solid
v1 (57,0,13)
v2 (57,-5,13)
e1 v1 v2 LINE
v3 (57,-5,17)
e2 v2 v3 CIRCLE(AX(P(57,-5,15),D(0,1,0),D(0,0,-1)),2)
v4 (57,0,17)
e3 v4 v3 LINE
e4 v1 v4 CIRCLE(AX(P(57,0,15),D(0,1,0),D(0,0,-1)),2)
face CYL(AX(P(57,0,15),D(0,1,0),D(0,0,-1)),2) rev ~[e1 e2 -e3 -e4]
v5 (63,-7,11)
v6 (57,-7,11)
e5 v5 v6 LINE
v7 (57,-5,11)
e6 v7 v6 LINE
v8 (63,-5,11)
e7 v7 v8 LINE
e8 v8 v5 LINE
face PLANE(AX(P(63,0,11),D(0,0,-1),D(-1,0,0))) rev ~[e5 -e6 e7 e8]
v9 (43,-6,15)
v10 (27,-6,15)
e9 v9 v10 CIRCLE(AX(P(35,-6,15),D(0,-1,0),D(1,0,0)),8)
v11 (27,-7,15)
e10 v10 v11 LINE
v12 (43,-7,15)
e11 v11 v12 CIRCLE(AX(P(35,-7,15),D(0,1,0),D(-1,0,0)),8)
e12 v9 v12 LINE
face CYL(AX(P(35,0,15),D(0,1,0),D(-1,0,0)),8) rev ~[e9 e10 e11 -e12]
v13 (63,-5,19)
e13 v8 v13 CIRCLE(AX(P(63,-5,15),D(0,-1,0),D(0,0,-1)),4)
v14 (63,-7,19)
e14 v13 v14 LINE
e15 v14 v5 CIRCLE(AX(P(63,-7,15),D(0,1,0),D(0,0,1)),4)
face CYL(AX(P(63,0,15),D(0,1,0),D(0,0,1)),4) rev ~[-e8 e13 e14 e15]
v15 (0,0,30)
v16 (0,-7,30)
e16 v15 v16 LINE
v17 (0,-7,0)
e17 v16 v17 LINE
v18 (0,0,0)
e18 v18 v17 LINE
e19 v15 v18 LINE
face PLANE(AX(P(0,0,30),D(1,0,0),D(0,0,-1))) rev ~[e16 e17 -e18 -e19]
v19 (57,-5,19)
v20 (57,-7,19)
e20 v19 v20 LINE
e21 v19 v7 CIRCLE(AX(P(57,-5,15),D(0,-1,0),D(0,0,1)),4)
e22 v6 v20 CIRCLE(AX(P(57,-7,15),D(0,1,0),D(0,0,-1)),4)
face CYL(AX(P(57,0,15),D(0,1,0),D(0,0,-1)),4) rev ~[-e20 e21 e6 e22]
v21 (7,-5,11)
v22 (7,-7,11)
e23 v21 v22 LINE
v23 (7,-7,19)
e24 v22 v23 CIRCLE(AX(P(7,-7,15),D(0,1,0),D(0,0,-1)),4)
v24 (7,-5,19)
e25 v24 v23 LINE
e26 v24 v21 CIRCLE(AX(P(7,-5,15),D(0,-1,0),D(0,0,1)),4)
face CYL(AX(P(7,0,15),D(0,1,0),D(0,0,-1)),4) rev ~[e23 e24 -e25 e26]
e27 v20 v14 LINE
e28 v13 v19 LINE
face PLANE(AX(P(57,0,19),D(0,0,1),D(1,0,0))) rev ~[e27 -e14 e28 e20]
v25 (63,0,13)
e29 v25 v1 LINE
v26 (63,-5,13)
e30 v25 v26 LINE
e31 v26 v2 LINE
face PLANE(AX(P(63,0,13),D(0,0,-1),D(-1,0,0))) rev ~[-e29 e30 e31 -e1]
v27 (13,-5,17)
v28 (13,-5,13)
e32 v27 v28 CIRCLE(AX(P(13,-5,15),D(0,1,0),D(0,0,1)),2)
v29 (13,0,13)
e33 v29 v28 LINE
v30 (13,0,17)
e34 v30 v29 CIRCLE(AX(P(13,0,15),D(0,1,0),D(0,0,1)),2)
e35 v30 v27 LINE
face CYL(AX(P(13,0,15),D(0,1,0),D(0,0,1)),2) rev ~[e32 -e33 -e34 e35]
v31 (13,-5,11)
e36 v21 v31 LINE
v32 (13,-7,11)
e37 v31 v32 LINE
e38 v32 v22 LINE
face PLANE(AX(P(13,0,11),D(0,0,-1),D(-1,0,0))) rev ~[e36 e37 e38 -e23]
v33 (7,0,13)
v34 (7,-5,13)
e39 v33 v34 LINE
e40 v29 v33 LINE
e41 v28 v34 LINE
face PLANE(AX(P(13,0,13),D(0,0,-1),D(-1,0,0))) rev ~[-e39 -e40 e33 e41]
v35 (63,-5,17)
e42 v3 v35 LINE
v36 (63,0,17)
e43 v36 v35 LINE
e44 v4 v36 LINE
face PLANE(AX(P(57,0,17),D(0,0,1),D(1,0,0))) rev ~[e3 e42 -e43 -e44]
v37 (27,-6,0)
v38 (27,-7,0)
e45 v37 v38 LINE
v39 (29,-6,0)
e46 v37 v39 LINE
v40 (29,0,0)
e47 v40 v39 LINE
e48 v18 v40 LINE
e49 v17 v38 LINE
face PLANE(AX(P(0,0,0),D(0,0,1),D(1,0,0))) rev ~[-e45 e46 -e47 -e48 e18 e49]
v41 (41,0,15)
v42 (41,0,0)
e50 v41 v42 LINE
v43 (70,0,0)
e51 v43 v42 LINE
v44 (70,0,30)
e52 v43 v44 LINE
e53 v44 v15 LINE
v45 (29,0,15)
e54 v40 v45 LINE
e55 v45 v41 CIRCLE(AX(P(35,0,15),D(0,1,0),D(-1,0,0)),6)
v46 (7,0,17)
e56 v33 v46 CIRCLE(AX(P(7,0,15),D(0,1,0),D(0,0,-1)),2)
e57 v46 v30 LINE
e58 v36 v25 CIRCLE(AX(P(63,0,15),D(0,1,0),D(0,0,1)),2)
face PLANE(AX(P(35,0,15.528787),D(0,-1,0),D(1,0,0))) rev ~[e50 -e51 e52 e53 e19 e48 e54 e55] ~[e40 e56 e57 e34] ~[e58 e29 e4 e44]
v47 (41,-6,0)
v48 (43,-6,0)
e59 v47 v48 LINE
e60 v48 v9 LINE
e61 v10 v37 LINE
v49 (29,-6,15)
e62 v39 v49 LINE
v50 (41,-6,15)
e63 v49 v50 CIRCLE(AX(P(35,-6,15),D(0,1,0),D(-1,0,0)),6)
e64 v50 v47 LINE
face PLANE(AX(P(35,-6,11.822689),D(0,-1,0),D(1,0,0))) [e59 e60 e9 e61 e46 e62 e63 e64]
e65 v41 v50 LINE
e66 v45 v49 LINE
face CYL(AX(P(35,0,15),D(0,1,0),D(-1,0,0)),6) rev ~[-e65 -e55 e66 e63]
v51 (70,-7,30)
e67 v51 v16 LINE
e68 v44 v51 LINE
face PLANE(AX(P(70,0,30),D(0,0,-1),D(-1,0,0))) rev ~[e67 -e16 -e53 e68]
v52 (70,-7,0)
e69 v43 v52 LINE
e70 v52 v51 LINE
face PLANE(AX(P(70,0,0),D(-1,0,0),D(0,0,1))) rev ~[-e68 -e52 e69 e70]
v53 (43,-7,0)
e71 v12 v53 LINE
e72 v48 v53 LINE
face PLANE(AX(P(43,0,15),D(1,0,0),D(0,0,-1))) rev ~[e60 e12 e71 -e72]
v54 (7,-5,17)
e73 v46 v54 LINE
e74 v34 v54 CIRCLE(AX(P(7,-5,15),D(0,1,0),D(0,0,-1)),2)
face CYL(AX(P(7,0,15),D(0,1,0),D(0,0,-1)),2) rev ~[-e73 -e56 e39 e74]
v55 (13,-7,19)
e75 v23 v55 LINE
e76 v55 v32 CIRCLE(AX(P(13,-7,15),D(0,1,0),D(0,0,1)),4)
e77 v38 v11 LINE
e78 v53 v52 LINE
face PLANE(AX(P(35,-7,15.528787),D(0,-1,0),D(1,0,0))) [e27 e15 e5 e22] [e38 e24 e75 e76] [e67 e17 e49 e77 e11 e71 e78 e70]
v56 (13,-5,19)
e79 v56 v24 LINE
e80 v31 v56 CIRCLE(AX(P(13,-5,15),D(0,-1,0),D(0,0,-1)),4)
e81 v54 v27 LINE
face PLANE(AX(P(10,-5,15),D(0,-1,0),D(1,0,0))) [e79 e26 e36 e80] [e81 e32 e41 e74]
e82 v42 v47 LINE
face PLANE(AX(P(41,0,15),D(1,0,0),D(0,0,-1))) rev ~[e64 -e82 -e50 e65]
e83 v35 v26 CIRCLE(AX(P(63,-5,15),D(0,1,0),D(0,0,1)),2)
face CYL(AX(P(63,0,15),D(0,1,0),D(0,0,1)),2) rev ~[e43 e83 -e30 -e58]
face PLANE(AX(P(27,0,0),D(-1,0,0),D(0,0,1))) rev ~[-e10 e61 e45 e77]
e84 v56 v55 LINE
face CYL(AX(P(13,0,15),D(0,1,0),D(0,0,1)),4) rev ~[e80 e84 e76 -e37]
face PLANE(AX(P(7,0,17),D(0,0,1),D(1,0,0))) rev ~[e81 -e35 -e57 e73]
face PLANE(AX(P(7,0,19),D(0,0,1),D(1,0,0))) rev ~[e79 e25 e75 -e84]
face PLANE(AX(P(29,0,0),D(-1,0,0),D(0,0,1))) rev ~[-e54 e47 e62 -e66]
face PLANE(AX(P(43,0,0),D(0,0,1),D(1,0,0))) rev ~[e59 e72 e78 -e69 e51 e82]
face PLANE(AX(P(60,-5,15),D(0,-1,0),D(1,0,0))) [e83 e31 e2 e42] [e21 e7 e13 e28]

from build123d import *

# Parameters (mm, degrees)
F1_DEPTH = 5
F2_DEPTH = 6
F3_DEPTH = 7
F4_DEPTH = 7


with BuildPart() as f1:
    # F0 (on Front) → F1 (new body)
    with BuildSketch(Plane.XZ):
        with BuildLine():
            Line((7, 11), (13, 11))
            ThreePointArc((13, 11), (17, 15), (13, 19))
            Line((13, 19), (7, 19))
            ThreePointArc((7, 19), (3, 15), (7, 11))
        make_face()
        with BuildLine():
            ThreePointArc((7, 13), (5, 15), (7, 17))
            Line((7, 17), (13, 17))
            ThreePointArc((13, 17), (15, 15), (13, 13))
            Line((13, 13), (7, 13))
        make_face(mode=Mode.SUBTRACT)
    extrude(amount=F1_DEPTH)



with BuildPart() as f1b:
    # F0 (on Front) → F1, piece 2 (new body)
    with BuildSketch(Plane.XZ):
        with BuildLine():
            ThreePointArc((63, 11), (67, 15), (63, 19))
            Line((63, 19), (57, 19))
            ThreePointArc((57, 19), (53, 15), (57, 11))
            Line((57, 11), (63, 11))
        make_face()
        with BuildLine():
            Line((57, 17), (63, 17))
            ThreePointArc((63, 17), (65, 15), (63, 13))
            Line((63, 13), (57, 13))
            ThreePointArc((57, 13), (55, 15), (57, 17))
        make_face(mode=Mode.SUBTRACT)
    extrude(amount=F1_DEPTH)


with BuildPart() as f2:
    # F0 (on Front) → F2 (new body)
    with BuildSketch(Plane.XZ):
        with BuildLine():
            Line((27, 15), (27, 0))
            Line((27, 0), (29, 0))
            Line((29, 0), (29, 15))
            ThreePointArc((29, 15), (35, 21), (41, 15))
            Line((41, 15), (41, 0))
            Line((41, 0), (43, 0))
            Line((43, 0), (43, 15))
            ThreePointArc((43, 15), (35, 23), (27, 15))
        make_face()
    extrude(amount=F2_DEPTH)


with BuildPart() as f1_1:
    add(f1.part)

    add(f1b.part)  # F3 merges F1b

    add(f2.part)  # F3 merges F2
    # F0 (on Front) → F3 (join)
    with BuildSketch(Plane.XZ):
        with BuildLine():
            Line((0, 30), (0, 0))
            Line((0, 0), (27, 0))
            Line((27, 0), (27, 15))
            ThreePointArc((27, 15), (35, 23), (43, 15))
            Line((43, 15), (43, 0))
            Line((43, 0), (70, 0))
            Line((70, 0), (70, 30))
            Line((70, 30), (0, 30))
        make_face()
        with BuildLine():
            ThreePointArc((13, 19), (17, 15), (13, 11))
            Line((13, 11), (7, 11))
            ThreePointArc((7, 11), (3, 15), (7, 19))
            Line((7, 19), (13, 19))
        make_face(mode=Mode.SUBTRACT)
        with BuildLine():
            Line((57, 19), (63, 19))
            ThreePointArc((63, 19), (67, 15), (63, 11))
            Line((63, 11), (57, 11))
            ThreePointArc((57, 11), (53, 15), (57, 19))
        make_face(mode=Mode.SUBTRACT)
    extrude(amount=F3_DEPTH)

    # F0 (on Front) → F4 (join)
    with BuildSketch(Plane.XZ):
        with BuildLine():
            Line((0, 30), (0, 0))
            Line((0, 0), (27, 0))
            Line((27, 0), (27, 15))
            ThreePointArc((27, 15), (35, 23), (43, 15))
            Line((43, 15), (43, 0))
            Line((43, 0), (70, 0))
            Line((70, 0), (70, 30))
            Line((70, 30), (0, 30))
        make_face()
        with BuildLine():
            ThreePointArc((13, 19), (17, 15), (13, 11))
            Line((13, 11), (7, 11))
            ThreePointArc((7, 11), (3, 15), (7, 19))
            Line((7, 19), (13, 19))
        make_face(mode=Mode.SUBTRACT)
        with BuildLine():
            Line((57, 19), (63, 19))
            ThreePointArc((63, 19), (67, 15), (63, 11))
            Line((63, 11), (57, 11))
            ThreePointArc((57, 11), (53, 15), (57, 19))
        make_face(mode=Mode.SUBTRACT)
    extrude(amount=F4_DEPTH)


solid = f1_1.part
